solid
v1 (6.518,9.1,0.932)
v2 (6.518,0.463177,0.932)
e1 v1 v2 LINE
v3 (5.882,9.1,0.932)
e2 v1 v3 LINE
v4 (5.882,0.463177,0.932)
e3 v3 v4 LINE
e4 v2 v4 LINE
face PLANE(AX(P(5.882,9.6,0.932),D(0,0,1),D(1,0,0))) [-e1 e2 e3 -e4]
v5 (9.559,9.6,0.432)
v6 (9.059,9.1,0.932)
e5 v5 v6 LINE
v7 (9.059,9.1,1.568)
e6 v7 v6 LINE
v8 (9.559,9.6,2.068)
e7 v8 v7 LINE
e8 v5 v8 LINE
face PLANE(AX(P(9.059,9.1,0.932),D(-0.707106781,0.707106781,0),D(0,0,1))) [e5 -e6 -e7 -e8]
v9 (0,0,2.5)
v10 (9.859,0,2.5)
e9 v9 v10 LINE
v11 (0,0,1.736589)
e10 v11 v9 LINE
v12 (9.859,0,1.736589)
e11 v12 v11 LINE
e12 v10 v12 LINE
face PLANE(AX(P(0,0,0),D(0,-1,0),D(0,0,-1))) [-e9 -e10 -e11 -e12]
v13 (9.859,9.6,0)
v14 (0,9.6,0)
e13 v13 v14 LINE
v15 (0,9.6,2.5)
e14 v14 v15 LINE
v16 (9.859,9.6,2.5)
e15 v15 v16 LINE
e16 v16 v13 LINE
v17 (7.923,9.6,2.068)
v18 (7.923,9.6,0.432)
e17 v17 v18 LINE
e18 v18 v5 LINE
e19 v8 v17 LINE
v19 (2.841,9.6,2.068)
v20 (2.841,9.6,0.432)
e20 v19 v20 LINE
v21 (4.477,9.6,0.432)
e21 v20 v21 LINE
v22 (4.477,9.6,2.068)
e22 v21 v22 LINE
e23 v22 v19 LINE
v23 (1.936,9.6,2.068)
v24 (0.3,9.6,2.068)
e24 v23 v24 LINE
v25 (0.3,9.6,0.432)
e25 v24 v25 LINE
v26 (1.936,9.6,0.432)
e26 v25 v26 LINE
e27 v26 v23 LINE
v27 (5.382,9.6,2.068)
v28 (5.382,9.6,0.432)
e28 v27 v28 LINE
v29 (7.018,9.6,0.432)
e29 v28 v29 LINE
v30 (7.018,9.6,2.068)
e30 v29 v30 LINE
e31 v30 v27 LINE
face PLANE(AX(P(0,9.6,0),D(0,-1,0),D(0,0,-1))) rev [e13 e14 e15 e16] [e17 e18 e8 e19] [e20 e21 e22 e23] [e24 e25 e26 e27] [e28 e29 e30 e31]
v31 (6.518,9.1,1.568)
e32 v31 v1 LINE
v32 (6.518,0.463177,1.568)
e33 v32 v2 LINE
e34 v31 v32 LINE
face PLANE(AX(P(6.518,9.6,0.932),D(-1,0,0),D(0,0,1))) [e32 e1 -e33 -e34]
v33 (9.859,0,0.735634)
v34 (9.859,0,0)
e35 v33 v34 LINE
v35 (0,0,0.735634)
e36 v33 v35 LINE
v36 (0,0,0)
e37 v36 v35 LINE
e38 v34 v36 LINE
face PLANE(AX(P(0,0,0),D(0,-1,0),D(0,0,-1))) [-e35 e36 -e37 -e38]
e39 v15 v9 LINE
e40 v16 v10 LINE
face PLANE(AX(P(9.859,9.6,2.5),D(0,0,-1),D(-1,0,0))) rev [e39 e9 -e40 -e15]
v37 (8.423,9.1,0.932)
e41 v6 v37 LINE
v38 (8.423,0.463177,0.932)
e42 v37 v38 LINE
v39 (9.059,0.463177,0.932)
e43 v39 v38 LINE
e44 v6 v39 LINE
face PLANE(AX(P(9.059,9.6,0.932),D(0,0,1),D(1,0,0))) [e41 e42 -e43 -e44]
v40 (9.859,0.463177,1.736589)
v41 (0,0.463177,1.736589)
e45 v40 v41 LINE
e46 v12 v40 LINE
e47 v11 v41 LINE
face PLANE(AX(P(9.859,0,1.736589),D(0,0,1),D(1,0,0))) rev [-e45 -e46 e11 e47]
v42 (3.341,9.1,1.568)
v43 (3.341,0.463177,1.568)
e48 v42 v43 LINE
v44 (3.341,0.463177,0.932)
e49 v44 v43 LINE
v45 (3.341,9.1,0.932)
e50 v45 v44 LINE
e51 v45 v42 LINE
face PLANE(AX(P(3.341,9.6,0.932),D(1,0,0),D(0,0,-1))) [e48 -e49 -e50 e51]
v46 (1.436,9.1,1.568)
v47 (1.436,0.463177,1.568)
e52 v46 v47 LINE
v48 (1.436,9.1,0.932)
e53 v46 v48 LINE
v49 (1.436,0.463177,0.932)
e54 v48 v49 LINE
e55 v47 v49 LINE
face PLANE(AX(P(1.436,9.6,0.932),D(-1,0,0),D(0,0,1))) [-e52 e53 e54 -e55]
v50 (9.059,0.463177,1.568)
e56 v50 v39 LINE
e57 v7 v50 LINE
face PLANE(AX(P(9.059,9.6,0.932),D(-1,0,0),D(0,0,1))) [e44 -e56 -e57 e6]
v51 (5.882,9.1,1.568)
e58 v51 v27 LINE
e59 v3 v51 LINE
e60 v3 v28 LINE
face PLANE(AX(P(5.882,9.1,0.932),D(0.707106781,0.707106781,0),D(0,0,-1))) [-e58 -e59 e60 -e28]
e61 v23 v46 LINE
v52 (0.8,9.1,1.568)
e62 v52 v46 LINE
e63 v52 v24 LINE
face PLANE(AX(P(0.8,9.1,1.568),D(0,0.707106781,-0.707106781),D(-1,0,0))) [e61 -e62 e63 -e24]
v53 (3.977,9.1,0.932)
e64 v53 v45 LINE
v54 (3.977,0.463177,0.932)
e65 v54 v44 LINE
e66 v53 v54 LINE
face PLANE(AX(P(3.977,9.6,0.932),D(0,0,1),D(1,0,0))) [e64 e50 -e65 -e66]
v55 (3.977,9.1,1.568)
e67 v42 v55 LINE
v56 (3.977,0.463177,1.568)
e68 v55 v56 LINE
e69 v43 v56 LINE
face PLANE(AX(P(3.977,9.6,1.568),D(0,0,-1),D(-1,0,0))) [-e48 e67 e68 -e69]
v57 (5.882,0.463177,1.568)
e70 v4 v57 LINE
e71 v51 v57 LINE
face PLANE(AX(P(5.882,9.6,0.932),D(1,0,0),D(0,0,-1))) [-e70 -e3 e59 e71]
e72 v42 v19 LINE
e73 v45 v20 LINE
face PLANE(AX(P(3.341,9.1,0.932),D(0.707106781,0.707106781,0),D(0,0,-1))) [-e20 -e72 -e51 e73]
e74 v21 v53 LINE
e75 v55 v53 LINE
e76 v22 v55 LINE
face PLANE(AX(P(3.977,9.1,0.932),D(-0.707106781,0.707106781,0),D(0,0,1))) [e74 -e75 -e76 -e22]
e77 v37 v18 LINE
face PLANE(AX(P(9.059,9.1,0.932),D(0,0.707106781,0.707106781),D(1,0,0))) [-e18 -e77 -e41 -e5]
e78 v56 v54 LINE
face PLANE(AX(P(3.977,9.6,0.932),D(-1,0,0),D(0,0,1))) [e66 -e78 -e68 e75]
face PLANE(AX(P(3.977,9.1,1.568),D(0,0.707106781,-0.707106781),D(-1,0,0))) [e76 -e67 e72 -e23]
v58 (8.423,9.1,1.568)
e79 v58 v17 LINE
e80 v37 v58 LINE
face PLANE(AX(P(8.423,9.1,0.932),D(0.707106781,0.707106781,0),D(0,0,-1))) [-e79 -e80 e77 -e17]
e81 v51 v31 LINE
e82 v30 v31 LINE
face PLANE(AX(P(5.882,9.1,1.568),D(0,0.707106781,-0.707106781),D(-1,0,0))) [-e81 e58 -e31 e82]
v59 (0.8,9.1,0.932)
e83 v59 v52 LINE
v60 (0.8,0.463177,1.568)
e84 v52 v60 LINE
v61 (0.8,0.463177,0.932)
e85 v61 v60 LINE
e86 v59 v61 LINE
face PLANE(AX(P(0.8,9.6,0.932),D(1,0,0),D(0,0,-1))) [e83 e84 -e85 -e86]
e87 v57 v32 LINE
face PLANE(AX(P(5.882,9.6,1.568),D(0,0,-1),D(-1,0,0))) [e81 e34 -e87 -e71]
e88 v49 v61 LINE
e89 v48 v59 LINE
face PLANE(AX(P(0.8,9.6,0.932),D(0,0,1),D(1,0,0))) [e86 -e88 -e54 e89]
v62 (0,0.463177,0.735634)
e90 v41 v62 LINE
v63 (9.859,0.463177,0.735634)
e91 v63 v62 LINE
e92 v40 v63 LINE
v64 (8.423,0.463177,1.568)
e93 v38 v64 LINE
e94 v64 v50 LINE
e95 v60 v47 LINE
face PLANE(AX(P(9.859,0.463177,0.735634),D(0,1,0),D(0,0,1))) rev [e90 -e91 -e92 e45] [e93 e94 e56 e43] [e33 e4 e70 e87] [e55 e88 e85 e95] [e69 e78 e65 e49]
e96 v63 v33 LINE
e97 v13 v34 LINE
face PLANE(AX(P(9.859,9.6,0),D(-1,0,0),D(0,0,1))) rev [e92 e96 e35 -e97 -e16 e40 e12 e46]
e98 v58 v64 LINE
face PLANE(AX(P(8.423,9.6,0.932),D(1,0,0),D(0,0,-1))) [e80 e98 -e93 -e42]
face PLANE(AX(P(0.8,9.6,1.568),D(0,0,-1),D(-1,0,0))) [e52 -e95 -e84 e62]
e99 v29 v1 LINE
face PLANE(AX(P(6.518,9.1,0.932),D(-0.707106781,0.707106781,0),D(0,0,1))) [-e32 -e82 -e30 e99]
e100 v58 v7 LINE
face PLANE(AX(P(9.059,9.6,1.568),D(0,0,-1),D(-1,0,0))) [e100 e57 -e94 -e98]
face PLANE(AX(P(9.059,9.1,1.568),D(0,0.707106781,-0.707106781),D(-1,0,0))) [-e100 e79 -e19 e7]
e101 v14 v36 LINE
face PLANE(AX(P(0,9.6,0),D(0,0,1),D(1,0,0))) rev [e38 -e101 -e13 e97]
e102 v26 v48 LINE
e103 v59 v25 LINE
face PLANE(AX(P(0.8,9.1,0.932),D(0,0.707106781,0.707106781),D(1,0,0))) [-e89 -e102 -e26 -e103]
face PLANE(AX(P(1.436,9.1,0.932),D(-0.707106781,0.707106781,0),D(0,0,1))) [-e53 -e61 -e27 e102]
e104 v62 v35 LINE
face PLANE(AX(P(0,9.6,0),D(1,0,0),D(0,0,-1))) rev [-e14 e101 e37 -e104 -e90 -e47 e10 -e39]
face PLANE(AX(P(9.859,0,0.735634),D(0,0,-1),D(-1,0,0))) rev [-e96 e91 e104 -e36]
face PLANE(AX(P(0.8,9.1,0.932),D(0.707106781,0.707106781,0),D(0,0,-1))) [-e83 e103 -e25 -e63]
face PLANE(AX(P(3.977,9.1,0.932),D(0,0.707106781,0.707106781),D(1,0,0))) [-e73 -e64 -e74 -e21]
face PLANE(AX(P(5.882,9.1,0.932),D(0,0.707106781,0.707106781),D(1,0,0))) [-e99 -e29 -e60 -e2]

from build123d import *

# Parameters (mm, degrees)
CROQUIS1_W              = 9.859
CROQUIS1_H              = 2.5
CROQUIS1_W_2            = 0.636
CROQUIS1_H_2            = 0.636
SALIENTE_EXTRUIR2_DEPTH = 9.6
CHAFL_N2_SIZE           = 0.5
CHAFL_N3_SIZE           = 0.5
CROQUIS2_W              = 1.000954756
CROQUIS2_H              = 0.463176593
CORTAR_EXTRUIR1_DEPTH   = 10.859


with BuildPart() as part:
    # Croquis1 → Saliente-Extruir2 (new body)
    with BuildSketch(Plane(origin=(0, 0, 0), x_dir=(1, 0, 0), z_dir=(0, 1, 0))):
        with Locations((4.9295, -1.25)):
            Rectangle(CROQUIS1_W, CROQUIS1_H)
        with Locations((1.118, -1.25)):
            Rectangle(CROQUIS1_W_2, CROQUIS1_H_2, mode=Mode.SUBTRACT)
        with Locations((3.659, -1.25)):
            Rectangle(CROQUIS1_W_2, CROQUIS1_H_2, mode=Mode.SUBTRACT)
        with Locations((8.741, -1.25)):
            Rectangle(CROQUIS1_W_2, CROQUIS1_H_2, mode=Mode.SUBTRACT)
        with Locations((6.2, -1.25)):
            Rectangle(CROQUIS1_W_2, CROQUIS1_H_2, mode=Mode.SUBTRACT)
    extrude(amount=SALIENTE_EXTRUIR2_DEPTH)

    # Chaflán2
    chafl_n2_edges = [part.edges().sort_by_distance(p)[0] for p in [
        (0.8, 9.6, 1.25),
        (1.118, 9.6, 1.568),
        (1.436, 9.6, 1.25),
        (1.118, 9.6, 0.932),
    ]]
    chamfer(chafl_n2_edges, length=CHAFL_N2_SIZE)

    # Chaflán3
    chafl_n3_edges = [part.edges().sort_by_distance(p)[0] for p in [
        (3.659, 9.6, 0.932),
        (3.341, 9.6, 1.25),
        (3.659, 9.6, 1.568),
        (3.977, 9.6, 1.25),
        (8.741, 9.6, 0.932),
        (8.423, 9.6, 1.25),
        (8.741, 9.6, 1.568),
        (9.059, 9.6, 1.25),
        (6.2, 9.6, 0.932),
        (5.882, 9.6, 1.25),
        (6.2, 9.6, 1.568),
        (6.518, 9.6, 1.25),
    ]]
    chamfer(chafl_n3_edges, length=CHAFL_N3_SIZE)

    # Croquis2 → Cortar-Extruir1 (cut, through all)
    with BuildSketch(Plane.ZY):
        with Locations((1.236111308, 0.231588297)):
            Rectangle(CROQUIS2_W, CROQUIS2_H)
    extrude(amount=-CORTAR_EXTRUIR1_DEPTH, mode=Mode.SUBTRACT)


solid = part.part
